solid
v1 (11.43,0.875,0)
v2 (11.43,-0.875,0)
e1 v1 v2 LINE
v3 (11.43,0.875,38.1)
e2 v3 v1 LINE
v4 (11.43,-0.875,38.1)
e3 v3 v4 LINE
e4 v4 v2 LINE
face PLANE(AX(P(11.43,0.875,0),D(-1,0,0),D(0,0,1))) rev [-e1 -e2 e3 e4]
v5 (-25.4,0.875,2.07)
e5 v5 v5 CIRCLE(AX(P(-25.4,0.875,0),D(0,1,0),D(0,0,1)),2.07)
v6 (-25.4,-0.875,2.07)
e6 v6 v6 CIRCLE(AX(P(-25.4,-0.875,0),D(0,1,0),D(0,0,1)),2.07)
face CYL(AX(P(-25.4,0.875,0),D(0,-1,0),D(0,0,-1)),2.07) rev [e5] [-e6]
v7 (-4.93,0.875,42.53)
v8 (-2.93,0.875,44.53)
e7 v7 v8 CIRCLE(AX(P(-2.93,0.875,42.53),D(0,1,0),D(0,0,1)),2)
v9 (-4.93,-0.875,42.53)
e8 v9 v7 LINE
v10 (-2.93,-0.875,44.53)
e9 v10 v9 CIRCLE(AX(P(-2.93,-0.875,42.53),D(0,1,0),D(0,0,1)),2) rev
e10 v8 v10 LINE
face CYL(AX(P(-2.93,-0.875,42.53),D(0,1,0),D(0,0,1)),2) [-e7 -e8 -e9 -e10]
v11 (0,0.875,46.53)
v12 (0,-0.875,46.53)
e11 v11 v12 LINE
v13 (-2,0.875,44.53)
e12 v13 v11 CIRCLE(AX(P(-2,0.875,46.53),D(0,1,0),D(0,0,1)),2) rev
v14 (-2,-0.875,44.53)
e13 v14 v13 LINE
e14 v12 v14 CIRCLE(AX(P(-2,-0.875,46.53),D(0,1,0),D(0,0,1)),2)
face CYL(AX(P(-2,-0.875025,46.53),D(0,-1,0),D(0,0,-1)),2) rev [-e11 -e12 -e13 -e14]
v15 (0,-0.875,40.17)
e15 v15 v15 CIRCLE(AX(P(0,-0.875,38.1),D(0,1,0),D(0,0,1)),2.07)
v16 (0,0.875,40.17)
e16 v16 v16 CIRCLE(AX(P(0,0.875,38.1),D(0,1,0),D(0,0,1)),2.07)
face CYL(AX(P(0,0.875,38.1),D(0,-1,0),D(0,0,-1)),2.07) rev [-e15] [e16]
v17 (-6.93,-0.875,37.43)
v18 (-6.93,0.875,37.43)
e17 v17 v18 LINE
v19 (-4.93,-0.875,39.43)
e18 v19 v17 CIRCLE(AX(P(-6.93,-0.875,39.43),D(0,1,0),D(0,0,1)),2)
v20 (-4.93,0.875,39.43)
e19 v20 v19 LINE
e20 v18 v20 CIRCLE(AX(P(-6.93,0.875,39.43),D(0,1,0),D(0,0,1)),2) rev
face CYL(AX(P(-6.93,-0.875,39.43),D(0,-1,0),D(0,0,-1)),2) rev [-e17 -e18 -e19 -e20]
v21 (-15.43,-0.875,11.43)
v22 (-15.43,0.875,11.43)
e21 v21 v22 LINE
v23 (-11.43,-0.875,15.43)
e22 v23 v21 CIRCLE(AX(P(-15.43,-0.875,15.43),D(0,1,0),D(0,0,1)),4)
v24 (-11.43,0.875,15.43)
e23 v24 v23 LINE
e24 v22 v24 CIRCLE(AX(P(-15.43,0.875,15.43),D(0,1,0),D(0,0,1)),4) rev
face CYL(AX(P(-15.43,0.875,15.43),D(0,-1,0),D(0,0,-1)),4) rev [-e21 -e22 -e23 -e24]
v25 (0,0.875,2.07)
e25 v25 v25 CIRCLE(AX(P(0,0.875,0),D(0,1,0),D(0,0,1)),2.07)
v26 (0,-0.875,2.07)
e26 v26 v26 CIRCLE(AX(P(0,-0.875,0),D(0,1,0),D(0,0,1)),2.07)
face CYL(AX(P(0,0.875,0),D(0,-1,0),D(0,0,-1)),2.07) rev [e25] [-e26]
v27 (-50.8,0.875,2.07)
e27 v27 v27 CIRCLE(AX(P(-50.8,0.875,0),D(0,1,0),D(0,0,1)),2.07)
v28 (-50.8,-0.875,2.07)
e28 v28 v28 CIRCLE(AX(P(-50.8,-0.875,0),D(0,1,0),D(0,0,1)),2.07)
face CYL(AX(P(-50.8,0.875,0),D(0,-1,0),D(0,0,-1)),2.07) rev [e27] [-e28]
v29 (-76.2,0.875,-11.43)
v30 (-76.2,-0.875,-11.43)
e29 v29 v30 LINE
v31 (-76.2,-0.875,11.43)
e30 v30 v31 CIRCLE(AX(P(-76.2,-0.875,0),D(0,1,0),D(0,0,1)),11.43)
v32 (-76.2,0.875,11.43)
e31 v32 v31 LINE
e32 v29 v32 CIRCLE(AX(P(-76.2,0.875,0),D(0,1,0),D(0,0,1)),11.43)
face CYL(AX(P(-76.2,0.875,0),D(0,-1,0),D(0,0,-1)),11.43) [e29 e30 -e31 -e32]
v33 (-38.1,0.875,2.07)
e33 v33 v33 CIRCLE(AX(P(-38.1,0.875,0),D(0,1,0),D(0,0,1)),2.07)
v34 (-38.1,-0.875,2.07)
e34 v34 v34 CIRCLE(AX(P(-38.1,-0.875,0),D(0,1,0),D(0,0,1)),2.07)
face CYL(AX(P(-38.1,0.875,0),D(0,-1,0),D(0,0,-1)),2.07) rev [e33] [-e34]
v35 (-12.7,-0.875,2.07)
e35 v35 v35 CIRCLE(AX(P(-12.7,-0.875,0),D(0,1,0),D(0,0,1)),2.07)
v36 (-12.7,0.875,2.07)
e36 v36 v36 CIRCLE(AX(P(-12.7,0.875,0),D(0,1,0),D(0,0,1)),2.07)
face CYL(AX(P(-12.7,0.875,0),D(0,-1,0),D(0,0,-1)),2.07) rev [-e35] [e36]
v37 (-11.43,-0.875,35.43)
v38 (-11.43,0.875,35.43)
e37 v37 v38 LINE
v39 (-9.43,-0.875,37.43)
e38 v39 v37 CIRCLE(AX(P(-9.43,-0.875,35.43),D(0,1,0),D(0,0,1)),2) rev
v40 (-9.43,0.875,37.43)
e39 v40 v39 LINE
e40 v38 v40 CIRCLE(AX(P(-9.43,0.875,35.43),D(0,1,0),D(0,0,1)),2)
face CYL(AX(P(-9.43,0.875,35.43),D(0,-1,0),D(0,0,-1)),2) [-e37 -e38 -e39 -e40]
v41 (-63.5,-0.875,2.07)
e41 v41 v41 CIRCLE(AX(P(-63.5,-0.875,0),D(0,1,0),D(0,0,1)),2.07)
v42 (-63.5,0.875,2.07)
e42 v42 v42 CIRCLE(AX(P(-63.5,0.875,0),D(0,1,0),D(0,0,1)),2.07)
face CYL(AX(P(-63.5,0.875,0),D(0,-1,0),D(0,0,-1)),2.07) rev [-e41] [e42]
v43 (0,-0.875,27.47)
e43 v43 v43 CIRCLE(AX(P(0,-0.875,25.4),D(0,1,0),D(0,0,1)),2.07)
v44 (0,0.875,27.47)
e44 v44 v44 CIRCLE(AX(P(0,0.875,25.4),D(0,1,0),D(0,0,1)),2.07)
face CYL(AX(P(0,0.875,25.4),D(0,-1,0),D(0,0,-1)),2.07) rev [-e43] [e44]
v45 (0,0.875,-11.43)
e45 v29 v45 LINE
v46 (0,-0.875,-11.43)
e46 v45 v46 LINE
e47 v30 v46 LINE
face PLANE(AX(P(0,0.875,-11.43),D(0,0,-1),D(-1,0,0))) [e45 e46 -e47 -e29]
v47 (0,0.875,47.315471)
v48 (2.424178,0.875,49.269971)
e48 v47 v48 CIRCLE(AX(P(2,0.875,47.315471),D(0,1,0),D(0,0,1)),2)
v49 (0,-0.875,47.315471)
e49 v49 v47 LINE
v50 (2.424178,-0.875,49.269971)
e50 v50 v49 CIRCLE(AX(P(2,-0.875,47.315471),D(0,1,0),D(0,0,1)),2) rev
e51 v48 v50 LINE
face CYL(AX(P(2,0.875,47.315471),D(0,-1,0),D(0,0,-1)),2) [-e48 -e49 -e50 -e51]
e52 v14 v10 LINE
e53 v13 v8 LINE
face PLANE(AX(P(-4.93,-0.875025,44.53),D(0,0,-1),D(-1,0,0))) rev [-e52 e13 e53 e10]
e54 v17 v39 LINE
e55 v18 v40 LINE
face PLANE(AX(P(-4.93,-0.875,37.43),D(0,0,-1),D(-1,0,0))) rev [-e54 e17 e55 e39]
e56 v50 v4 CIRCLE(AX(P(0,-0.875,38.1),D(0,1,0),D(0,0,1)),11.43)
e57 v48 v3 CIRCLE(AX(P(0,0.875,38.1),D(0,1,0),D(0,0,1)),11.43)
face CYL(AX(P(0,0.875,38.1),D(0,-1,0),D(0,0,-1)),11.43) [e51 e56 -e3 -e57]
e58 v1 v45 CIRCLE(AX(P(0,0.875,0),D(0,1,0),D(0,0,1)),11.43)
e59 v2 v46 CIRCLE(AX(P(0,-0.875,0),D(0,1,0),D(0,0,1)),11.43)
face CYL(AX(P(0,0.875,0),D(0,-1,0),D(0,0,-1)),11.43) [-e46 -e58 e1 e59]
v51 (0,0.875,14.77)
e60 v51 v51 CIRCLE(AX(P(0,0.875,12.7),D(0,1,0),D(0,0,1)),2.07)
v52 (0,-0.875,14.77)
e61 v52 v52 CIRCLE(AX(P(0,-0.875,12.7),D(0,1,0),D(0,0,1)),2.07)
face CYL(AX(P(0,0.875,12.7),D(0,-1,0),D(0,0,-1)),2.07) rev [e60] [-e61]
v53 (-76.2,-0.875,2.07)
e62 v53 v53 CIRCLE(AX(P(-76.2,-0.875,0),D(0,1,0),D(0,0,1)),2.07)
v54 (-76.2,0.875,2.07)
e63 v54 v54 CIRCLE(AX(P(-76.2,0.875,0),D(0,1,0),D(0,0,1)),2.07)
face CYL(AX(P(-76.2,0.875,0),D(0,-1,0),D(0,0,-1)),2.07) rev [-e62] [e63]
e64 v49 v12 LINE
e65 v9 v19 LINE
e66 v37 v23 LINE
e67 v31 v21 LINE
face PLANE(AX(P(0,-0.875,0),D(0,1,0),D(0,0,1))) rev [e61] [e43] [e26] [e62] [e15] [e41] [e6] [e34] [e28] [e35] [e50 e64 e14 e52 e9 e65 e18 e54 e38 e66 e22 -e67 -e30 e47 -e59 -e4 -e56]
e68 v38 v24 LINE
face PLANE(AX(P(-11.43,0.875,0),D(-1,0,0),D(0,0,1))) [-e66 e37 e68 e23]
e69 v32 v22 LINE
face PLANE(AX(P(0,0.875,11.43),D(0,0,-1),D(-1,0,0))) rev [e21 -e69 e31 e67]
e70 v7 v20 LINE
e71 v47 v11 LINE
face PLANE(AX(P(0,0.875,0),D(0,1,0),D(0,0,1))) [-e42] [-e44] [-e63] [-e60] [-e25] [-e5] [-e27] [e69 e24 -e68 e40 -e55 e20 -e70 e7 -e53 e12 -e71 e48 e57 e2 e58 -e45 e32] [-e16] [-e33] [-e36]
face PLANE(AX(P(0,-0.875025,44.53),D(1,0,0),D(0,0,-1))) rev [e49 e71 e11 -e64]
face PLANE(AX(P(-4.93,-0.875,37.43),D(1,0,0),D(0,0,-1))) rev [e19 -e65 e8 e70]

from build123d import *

# Parameters (mm, degrees)
SKETCH1_R               = 2.07
BOSS_EXTRUDE1_DEPTH     = 0.875
FILLET1_R               = 4
CUT_EXTRUDE3_DEPTH      = 101.674228579
CUT_EXTRUDE3_DEPTH_BACK = 101.674228579
CUT_EXTRUDE4_DEPTH      = 101.674228579
CUT_EXTRUDE4_DEPTH_BACK = 101.674228579
FILLET3_R               = 2


with BuildPart() as part:
    # Sketch1 → Boss-Extrude1 (new, symmetric)
    with BuildSketch(Plane(origin=(0, 0, 0), x_dir=(1, 0, 0), z_dir=(0, 1, 0))):
        with BuildLine():
            Line((0, 11.43), (-76.2, 11.43))
            ThreePointArc((-76.2, 11.43), (-87.63, 0), (-76.2, -11.43))
            Line((-76.2, -11.43), (-11.43, -11.43))
            Line((-11.43, -11.43), (-11.43, -38.1))
            ThreePointArc((-11.43, -38.1), (0, -49.53), (11.43, -38.1))
            Line((11.43, -38.1), (11.43, 0))
            ThreePointArc((11.43, 0), (8.082230509, 8.082230509), (0, 11.43))
        make_face()
        with Locations(Location((0, -25.4, 0), (0, 0, 270))):
            Circle(SKETCH1_R, mode=Mode.SUBTRACT)
        with Locations(Location((0, -12.7, 0), (0, 0, 270))):
            Circle(SKETCH1_R, mode=Mode.SUBTRACT)
        with Locations(Location((-12.7, 0, 0), (0, 0, 270))):
            Circle(SKETCH1_R, mode=Mode.SUBTRACT)
        with Locations(Location((-63.5, 0, 0), (0, 0, 270))):
            Circle(SKETCH1_R, mode=Mode.SUBTRACT)
        with Locations(Location((-50.8, 0, 0), (0, 0, 270))):
            Circle(SKETCH1_R, mode=Mode.SUBTRACT)
        with Locations(Location((-38.1, 0, 0), (0, 0, 270))):
            Circle(SKETCH1_R, mode=Mode.SUBTRACT)
        with Locations(Location((-25.4, 0, 0), (0, 0, 270))):
            Circle(SKETCH1_R, mode=Mode.SUBTRACT)
        with Locations(Location((-76.2, 0, 0), (0, 0, 270))):
            Circle(SKETCH1_R, mode=Mode.SUBTRACT)
        with Locations(Location((0, 0, 0), (0, 0, 270))):
            Circle(SKETCH1_R, mode=Mode.SUBTRACT)
        with Locations(Location((0, -38.1, 0), (0, 0, 270))):
            Circle(SKETCH1_R, mode=Mode.SUBTRACT)
    extrude(amount=BOSS_EXTRUDE1_DEPTH, both=True)

    # Fillet1
    fillet1_edges = [part.edges().sort_by_distance(p)[0] for p in [
        (-11.43, 0, 11.43),
    ]]
    fillet(fillet1_edges, radius=FILLET1_R)

    # Sketch4 → Cut-Extrude3 (cut, two sides: drawn at the far end of the back side and taken through both)
    with BuildSketch(Plane(origin=(0, 0.875, 0), x_dir=(1, 0, 0), z_dir=(0, 1, 0)).offset(-CUT_EXTRUDE3_DEPTH_BACK)):
        with BuildLine():
            Line((-4.93, -37.43), (-4.93, -48.412128781))
            ThreePointArc((-4.93, -48.412128781), (-9.669405359, -44.194874896), (-11.43, -38.1))
            Line((-11.43, -38.1), (-11.43, -37.43))
            Line((-11.43, -37.43), (-4.93, -37.43))
        make_face()
    extrude(amount=CUT_EXTRUDE3_DEPTH + CUT_EXTRUDE3_DEPTH_BACK, mode=Mode.SUBTRACT)

    # Sketch5 → Cut-Extrude4 (cut, two sides: drawn at the far end of the back side and taken through both)
    with BuildSketch(Plane(origin=(0, 0.875, 0), x_dir=(1, 0, 0), z_dir=(0, 1, 0)).offset(-CUT_EXTRUDE4_DEPTH_BACK)):
        with BuildLine():
            Line((-4.93, -44.53), (0, -44.53))
            Line((0, -44.53), (0, -49.53))
            ThreePointArc((0, -49.53), (-2.52757473, -49.247029469), (-4.93, -48.412128781))
            Line((-4.93, -48.412128781), (-4.93, -44.53))
        make_face()
    extrude(amount=CUT_EXTRUDE4_DEPTH + CUT_EXTRUDE4_DEPTH_BACK, mode=Mode.SUBTRACT)

    # Fillet3
    fillet3_edges = [part.edges().sort_by_distance(p)[0] for p in [
        (0, 0, 49.53),
        (0, 0, 44.53),
        (-4.93, 0, 44.53),
        (-4.93, 0, 37.43),
        (-11.43, 0, 37.43),
    ]]
    fillet(fillet3_edges, radius=FILLET3_R)


solid = part.part
